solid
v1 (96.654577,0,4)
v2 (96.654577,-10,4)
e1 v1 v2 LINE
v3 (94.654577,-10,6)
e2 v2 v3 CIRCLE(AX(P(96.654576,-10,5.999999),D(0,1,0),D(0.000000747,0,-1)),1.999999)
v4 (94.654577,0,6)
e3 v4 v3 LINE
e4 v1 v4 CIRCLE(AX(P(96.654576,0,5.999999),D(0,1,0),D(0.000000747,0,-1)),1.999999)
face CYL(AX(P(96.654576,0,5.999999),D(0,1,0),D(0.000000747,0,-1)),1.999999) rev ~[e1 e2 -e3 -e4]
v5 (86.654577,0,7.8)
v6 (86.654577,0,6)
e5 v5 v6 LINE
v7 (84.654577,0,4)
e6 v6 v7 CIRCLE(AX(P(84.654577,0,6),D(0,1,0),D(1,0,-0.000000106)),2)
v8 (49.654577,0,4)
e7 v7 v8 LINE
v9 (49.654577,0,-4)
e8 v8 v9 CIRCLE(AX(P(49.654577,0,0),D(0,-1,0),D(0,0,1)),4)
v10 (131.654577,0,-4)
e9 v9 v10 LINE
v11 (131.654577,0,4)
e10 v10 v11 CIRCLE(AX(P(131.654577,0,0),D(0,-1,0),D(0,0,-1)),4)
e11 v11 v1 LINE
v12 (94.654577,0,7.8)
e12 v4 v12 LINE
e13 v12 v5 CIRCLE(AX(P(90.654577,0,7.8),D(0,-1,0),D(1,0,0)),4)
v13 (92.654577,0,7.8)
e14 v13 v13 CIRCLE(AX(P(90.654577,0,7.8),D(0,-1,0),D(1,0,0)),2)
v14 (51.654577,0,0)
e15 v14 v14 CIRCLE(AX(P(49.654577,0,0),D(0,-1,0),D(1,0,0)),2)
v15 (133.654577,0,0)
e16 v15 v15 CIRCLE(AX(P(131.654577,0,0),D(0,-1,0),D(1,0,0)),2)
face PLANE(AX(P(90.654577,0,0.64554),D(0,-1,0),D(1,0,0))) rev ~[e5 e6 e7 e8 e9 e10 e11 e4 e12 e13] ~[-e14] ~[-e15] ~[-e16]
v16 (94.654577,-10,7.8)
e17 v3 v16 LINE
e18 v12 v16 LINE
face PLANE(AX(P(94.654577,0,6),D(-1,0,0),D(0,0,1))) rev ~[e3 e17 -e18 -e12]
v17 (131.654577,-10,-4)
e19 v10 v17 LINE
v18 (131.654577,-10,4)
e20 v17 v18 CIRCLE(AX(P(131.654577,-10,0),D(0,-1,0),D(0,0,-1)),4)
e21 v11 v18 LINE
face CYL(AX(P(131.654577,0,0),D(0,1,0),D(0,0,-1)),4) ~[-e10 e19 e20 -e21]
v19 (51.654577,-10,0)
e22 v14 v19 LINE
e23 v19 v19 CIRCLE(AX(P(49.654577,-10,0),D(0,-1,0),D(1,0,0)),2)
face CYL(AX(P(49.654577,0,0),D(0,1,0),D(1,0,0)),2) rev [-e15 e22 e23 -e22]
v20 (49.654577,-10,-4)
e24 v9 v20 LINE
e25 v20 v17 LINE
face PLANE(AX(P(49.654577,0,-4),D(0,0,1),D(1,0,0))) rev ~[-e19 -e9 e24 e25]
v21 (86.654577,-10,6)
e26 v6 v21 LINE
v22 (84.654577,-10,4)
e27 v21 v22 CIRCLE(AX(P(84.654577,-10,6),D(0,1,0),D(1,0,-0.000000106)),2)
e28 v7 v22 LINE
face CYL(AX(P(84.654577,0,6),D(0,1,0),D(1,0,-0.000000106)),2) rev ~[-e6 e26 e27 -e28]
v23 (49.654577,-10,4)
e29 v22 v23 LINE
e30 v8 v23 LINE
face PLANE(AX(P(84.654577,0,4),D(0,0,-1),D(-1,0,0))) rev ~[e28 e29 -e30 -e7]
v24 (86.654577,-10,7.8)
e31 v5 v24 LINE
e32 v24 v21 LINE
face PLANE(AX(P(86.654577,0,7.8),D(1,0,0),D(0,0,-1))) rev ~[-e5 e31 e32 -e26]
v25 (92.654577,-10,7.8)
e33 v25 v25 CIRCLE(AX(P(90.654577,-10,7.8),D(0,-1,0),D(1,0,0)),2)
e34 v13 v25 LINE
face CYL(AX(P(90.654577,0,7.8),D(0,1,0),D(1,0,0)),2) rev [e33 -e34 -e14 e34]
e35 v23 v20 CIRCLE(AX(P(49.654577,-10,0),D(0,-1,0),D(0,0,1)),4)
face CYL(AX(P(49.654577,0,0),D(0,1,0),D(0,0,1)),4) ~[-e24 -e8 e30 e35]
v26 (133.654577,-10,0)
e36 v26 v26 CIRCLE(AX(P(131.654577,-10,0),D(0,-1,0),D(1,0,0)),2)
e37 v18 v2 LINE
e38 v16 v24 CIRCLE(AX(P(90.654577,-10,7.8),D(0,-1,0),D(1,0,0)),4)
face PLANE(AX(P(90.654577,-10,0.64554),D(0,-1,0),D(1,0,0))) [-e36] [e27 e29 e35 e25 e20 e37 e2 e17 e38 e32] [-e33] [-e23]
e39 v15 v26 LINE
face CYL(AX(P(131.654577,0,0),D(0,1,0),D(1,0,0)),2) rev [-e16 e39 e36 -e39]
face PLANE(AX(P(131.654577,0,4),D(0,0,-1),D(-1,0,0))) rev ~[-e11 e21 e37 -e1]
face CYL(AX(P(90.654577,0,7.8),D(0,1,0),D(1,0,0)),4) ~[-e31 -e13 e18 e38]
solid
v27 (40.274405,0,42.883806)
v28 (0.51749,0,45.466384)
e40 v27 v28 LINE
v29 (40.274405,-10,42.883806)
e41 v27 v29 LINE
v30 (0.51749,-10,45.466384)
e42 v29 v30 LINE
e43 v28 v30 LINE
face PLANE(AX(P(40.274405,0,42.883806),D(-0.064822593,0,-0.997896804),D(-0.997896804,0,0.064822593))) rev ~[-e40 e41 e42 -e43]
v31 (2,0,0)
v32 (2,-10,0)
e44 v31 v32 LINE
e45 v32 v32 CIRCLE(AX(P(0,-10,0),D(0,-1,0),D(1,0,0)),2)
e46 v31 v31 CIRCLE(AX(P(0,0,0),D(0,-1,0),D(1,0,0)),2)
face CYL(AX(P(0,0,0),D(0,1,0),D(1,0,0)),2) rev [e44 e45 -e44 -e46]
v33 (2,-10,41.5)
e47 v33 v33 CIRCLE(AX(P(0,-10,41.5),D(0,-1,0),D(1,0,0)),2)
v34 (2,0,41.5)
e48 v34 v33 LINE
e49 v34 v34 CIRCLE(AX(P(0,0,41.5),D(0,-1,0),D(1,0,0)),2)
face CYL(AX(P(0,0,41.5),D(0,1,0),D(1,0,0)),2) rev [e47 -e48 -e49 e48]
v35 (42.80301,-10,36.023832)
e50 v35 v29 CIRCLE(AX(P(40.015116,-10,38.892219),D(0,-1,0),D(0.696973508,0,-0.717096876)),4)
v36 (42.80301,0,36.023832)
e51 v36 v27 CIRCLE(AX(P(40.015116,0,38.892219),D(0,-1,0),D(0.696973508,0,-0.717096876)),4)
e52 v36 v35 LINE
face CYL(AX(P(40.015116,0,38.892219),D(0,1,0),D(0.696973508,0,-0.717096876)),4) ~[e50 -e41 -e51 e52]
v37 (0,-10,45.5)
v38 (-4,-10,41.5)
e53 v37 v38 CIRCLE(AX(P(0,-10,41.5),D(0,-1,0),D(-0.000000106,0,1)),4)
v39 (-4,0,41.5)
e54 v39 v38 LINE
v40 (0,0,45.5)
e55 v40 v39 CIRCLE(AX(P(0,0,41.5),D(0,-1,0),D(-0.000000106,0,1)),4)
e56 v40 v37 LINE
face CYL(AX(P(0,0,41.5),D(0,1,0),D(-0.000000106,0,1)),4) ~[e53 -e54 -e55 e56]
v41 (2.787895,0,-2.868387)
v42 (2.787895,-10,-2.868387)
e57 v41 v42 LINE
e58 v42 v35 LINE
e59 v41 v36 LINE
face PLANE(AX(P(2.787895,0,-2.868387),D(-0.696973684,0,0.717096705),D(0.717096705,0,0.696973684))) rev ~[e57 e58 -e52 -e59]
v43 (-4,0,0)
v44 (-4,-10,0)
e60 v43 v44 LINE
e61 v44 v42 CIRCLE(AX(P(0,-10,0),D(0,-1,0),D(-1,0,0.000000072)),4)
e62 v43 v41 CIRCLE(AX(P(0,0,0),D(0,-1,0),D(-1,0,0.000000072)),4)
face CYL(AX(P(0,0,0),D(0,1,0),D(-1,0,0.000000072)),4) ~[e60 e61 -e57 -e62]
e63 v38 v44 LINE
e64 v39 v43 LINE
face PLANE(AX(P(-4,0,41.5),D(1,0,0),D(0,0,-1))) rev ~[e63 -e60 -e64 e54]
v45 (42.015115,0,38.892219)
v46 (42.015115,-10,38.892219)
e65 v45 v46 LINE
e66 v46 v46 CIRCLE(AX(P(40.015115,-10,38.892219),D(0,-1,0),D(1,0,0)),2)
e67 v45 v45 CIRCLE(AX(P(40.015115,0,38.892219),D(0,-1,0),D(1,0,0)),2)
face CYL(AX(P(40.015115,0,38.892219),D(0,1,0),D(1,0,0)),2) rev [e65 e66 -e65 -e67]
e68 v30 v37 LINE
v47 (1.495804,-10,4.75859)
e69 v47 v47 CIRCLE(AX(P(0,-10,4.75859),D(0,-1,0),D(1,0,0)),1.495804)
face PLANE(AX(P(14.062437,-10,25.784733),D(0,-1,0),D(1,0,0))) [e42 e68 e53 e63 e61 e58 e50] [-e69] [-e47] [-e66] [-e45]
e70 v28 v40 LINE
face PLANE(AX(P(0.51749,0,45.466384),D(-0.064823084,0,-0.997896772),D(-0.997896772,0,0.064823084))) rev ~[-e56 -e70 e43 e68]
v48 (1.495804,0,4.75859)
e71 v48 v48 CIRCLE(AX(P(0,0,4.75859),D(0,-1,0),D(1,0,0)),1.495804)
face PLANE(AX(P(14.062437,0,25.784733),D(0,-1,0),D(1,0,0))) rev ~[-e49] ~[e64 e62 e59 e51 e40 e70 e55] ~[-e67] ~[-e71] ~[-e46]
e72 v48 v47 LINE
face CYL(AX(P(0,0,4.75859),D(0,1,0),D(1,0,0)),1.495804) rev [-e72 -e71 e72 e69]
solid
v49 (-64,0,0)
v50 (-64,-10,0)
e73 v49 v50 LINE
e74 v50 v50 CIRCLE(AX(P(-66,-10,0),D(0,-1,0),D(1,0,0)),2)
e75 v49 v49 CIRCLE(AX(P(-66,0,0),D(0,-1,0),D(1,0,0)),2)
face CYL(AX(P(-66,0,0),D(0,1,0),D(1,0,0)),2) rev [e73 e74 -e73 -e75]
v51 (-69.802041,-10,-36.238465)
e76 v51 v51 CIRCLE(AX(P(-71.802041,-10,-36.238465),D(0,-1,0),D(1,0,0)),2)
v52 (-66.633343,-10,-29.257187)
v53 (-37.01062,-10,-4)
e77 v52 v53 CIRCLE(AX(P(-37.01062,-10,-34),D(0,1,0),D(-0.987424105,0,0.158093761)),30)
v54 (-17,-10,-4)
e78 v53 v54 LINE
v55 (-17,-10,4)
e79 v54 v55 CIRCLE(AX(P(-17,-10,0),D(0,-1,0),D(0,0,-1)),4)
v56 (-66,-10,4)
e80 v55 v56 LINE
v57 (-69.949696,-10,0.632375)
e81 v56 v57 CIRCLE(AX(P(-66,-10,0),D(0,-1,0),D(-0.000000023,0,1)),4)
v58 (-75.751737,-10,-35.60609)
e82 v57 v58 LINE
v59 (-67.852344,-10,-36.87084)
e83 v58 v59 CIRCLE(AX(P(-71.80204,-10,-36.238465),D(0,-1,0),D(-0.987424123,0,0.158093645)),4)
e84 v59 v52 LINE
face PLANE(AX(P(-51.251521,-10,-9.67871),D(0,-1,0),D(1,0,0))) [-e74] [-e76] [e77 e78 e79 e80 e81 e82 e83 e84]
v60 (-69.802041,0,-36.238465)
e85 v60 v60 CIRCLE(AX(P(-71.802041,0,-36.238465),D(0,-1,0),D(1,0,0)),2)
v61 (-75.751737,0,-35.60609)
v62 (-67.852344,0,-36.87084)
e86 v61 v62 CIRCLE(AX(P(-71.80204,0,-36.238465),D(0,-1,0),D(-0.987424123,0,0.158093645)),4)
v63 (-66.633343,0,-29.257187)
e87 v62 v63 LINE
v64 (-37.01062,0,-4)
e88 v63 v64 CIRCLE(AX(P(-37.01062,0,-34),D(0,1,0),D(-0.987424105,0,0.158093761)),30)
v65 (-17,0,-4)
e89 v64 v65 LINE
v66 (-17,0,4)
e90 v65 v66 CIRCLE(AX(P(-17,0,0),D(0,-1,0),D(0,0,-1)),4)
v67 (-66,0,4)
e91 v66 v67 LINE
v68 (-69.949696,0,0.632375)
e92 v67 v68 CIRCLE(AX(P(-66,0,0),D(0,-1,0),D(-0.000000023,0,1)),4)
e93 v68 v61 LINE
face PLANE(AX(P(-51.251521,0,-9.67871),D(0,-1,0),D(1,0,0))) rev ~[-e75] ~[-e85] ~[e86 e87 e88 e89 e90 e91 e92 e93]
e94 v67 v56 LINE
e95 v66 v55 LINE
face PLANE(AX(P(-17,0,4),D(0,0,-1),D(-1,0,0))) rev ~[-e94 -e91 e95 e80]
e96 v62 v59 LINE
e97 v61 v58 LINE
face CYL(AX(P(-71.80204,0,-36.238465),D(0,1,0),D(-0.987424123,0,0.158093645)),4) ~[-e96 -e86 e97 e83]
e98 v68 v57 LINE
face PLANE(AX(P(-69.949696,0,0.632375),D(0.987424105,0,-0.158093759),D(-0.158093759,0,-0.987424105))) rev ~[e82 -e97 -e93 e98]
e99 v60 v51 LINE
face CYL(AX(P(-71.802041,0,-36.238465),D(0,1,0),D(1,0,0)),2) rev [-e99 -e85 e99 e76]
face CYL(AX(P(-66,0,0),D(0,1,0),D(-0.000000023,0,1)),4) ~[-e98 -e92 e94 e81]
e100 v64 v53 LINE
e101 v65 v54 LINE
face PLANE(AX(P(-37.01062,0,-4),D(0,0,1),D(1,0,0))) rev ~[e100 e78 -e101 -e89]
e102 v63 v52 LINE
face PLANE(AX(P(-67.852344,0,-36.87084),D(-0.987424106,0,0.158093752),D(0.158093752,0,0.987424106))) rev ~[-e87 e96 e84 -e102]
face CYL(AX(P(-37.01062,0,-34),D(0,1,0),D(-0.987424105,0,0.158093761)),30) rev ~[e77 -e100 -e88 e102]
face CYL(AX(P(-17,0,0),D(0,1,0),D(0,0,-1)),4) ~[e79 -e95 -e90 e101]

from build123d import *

# Parameters (mm, degrees)
F0_R     = 2
F0_R_2   = 1.495804
F1_DEPTH = 10
F2_R     = 2
F4_DEPTH = 10
F3_R     = 2
F5_DEPTH = 10


with BuildPart() as f1:
    # F0 (on Front) → F1 (new body)
    with BuildSketch(Plane.XZ):
        with BuildLine():
            Line((40.274405, 42.883806), (0.51749, 45.466384))
            Line((0.51749, 45.466384), (0, 45.5))
            ThreePointArc((0, 45.5), (-2.828427, 44.328427), (-4, 41.5))
            Line((-4, 41.5), (-4, 0))
            ThreePointArc((-4, 0), (-1.556988, -3.684534), (2.787895, -2.868387))
            Line((2.787895, -2.868387), (42.80301, 36.023832))
            ThreePointArc((42.80301, 36.023832), (43.768267, 40.275641), (40.274405, 42.883806))
        make_face()
        Circle(F0_R, mode=Mode.SUBTRACT)
        with Locations((0, 4.75859)):
            Circle(F0_R_2, mode=Mode.SUBTRACT)
        with Locations((0, 41.5)):
            Circle(F0_R, mode=Mode.SUBTRACT)
        with Locations((40.015115, 38.892219)):
            Circle(F0_R, mode=Mode.SUBTRACT)
    extrude(amount=F1_DEPTH)


with BuildPart() as f4:
    # F2 (on Front) → F4 (new body)
    with BuildSketch(Plane.XZ):
        with BuildLine():
            Line((-37.01062, -4), (-17, -4))
            ThreePointArc((-17, -4), (-13, 0), (-17, 4))
            Line((-17, 4), (-66, 4))
            ThreePointArc((-66, 4), (-68.595236, 3.043805), (-69.949696, 0.632375))
            Line((-69.949696, 0.632375), (-75.751737, -35.60609))
            ThreePointArc((-75.751737, -35.60609), (-72.434416, -40.188161), (-67.852344, -36.87084))
            Line((-67.852344, -36.87084), (-66.633343, -29.257187))
            ThreePointArc((-66.633343, -29.257187), (-56.47489, -11.171461), (-37.01062, -4))
        make_face()
        with Locations((-71.802041, -36.238465)):
            Circle(F2_R, mode=Mode.SUBTRACT)
        with Locations((-66, 0)):
            Circle(F2_R, mode=Mode.SUBTRACT)
    extrude(amount=F4_DEPTH)


with BuildPart() as f5:
    # F3 (on Front) → F5 (new body)
    with BuildSketch(Plane.XZ):
        with BuildLine():
            Line((84.654577, 4), (49.654577, 4))
            ThreePointArc((49.654577, 4), (45.654577, 0), (49.654577, -4))
            Line((49.654577, -4), (87.654577, -4))
            Line((87.654577, -4), (93.654577, -4))
            Line((93.654577, -4), (131.654577, -4))
            ThreePointArc((131.654577, -4), (135.654577, 0), (131.654577, 4))
            Line((131.654577, 4), (96.654577, 4))
            ThreePointArc((96.654577, 4), (95.240363, 4.585786), (94.654577, 6))
            Line((94.654577, 6), (94.654577, 7.8))
            ThreePointArc((94.654577, 7.8), (90.654577, 11.8), (86.654577, 7.8))
            Line((86.654577, 7.8), (86.654577, 6))
            ThreePointArc((86.654577, 6), (86.06879, 4.585786), (84.654577, 4))
        make_face()
        with Locations((49.654577, 0)):
            Circle(F3_R, mode=Mode.SUBTRACT)
        with Locations((131.654577, 0)):
            Circle(F3_R, mode=Mode.SUBTRACT)
        with Locations((90.654577, 7.8)):
            Circle(F3_R, mode=Mode.SUBTRACT)
    extrude(amount=F5_DEPTH)


solid = Compound([f1.part, f4.part, f5.part])
